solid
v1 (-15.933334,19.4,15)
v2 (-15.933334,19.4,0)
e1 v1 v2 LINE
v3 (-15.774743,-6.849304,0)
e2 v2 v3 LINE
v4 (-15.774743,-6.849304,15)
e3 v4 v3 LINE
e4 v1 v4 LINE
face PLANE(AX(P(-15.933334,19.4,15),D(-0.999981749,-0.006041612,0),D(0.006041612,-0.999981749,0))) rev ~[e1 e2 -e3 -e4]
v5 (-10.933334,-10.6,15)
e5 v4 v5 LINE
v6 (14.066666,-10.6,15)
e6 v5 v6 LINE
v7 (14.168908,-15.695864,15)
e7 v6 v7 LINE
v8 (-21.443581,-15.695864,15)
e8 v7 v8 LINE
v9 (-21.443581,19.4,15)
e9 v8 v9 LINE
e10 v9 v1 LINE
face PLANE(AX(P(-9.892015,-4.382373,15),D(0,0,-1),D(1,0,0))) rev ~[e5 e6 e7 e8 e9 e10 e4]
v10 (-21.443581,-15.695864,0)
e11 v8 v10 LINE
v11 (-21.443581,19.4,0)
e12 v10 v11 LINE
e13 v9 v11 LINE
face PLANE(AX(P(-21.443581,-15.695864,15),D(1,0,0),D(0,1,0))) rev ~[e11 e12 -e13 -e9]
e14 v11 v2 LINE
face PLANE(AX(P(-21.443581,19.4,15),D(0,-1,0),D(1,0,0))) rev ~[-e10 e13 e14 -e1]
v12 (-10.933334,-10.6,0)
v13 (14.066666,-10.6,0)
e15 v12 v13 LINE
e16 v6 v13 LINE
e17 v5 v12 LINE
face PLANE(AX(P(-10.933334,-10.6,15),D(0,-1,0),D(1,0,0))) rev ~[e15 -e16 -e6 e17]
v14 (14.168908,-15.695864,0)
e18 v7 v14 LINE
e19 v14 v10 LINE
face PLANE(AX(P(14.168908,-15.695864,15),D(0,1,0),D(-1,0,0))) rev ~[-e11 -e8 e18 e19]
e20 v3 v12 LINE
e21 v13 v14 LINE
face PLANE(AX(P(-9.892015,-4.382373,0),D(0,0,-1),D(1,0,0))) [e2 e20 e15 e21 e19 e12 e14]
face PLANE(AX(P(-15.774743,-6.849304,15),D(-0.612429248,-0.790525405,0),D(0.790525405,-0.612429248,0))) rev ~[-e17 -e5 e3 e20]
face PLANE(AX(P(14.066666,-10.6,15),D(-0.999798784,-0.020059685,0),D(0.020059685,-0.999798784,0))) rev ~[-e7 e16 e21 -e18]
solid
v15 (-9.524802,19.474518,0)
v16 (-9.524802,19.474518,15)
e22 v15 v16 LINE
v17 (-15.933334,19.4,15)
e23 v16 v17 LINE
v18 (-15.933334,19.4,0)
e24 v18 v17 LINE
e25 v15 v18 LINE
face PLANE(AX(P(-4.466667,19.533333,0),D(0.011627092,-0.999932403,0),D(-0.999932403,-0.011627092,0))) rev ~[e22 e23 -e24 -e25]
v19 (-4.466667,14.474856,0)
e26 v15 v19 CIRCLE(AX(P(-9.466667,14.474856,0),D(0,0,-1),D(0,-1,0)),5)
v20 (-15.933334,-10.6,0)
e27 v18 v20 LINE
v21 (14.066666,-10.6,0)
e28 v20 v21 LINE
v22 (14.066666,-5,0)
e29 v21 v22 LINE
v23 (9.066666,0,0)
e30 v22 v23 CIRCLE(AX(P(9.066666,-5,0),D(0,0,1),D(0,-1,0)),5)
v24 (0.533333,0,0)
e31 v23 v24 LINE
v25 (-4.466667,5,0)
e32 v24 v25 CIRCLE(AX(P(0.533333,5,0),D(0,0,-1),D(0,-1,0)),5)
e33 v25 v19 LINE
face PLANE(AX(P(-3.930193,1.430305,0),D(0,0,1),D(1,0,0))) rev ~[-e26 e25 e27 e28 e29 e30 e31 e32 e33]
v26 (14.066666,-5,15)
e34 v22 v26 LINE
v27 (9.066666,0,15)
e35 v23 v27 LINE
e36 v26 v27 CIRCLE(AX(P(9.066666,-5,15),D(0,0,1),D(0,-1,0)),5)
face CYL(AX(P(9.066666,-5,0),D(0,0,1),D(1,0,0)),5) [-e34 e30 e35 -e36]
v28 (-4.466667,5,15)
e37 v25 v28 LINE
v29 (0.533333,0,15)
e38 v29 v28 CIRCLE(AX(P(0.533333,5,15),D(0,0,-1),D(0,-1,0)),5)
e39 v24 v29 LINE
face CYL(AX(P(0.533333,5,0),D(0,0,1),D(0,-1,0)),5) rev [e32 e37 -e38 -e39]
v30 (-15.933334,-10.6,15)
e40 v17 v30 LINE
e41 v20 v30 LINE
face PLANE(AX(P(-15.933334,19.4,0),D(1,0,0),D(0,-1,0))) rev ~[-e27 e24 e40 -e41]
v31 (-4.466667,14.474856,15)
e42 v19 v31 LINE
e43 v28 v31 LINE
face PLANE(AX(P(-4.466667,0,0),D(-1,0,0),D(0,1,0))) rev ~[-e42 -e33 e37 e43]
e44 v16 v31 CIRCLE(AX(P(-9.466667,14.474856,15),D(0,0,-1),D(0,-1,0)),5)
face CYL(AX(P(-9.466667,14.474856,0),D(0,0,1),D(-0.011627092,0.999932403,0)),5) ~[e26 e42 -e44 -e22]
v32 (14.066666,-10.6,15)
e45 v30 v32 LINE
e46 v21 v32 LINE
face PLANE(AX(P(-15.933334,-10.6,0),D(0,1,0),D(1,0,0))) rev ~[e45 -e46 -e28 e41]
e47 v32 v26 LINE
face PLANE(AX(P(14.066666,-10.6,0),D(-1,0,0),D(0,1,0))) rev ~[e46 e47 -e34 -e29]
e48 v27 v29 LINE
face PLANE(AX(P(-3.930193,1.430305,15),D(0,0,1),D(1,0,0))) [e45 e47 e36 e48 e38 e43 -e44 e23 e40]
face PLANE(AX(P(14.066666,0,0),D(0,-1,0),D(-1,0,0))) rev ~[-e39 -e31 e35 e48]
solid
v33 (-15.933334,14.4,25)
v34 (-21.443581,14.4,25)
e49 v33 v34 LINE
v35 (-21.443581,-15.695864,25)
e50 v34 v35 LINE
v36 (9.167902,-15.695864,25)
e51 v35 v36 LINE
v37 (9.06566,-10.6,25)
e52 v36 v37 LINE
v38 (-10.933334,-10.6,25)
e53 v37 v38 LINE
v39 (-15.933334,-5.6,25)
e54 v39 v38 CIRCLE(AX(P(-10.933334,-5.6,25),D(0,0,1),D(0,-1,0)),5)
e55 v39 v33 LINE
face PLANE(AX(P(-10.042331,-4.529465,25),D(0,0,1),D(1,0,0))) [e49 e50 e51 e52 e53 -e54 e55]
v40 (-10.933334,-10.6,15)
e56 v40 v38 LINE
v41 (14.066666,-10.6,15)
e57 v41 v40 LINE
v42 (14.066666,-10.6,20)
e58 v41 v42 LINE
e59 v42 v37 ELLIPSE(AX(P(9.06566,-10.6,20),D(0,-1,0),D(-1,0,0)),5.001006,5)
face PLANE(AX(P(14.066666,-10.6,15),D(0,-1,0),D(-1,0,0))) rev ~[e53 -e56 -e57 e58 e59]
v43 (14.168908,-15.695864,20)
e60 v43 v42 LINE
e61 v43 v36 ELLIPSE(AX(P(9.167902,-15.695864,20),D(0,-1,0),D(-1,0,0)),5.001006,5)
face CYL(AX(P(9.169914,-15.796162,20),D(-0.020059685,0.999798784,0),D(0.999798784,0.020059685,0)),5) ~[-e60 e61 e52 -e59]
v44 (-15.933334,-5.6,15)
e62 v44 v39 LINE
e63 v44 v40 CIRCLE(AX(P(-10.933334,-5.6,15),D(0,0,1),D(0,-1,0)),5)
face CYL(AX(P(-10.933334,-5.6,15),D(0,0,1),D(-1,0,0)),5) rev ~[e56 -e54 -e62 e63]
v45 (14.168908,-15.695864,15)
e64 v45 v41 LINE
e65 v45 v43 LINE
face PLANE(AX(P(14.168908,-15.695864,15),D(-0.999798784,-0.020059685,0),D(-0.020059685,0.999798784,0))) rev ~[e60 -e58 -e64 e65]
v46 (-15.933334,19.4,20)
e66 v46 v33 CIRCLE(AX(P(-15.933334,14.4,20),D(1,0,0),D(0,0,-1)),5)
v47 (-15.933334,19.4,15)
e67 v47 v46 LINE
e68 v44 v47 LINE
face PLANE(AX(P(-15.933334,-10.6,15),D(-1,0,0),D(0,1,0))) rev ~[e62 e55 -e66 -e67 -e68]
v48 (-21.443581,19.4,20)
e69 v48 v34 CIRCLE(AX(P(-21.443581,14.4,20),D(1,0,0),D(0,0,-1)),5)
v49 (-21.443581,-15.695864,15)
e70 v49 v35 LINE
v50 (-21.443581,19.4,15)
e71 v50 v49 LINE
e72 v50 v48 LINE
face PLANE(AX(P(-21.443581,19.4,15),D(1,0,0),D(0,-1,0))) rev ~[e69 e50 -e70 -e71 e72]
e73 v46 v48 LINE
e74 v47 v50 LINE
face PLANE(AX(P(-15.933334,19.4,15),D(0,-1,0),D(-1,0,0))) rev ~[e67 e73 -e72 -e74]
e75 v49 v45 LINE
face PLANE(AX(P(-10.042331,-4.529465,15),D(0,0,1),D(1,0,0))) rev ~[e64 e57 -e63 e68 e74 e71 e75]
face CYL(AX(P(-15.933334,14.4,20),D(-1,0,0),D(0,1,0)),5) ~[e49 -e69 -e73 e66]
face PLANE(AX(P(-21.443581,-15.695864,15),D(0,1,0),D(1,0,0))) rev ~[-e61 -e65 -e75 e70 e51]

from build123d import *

# Parameters (mm, degrees)
F1_DEPTH = 15
F3_DEPTH = 10
F4_R     = 5
F4_2_R   = 5
F6_DEPTH = 15


with BuildPart() as f1:
    # F0 (on Top) → F1 (new body)
    with BuildSketch(Plane.XY):
        Polygon((-4.466667, 19.533333), (-15.933334, 19.4), (-15.933334, -10.6), (14.066666, -10.6), (14.066666, 0), (-4.466667, 0), align=None)
    extrude(amount=F1_DEPTH)

    # F4#2
    f4_2_edges = [f1.edges().sort_by_distance(p)[0] for p in [
        (-4.466667, 19.533333, 7.5),
        (14.066666, 0, 7.5),
        (-4.466667, 0, 7.5),
    ]]
    fillet(f4_2_edges, radius=F4_2_R)


with BuildPart() as f3:
    # F2 (on face) → F3 (new body)
    with BuildSketch(Plane.XY.offset(15)):
        Polygon((-15.933334, -10.6), (-15.933334, 19.4), (-21.443581, 19.4), (-21.443581, -15.695864), (14.168908, -15.695864), (14.066666, -10.6), align=None)
    extrude(amount=F3_DEPTH)

    # F4
    f4_edges = [f3.edges().sort_by_distance(p)[0] for p in [
        (14.117787, -13.147932, 25),
        (-18.688458, 19.4, 25),
        (-15.933334, -10.6, 20),
    ]]
    fillet(f4_edges, radius=F4_R)


with BuildPart() as f6:
    # F5 (on face) → F6 (new body)
    with BuildSketch(Plane(origin=(0, 0, 15), x_dir=(1, 0, 0), z_dir=(0, 0, -1))):
        Polygon((14.168908, 15.695864), (-21.443581, 15.695864), (-21.443581, -19.4), (-15.933334, -19.4), (-15.774743, 6.849304), (-10.933334, 10.6), (14.066666, 10.6), align=None)
    extrude(amount=F6_DEPTH)


solid = Compound([f1.part, f3.part, f6.part])
